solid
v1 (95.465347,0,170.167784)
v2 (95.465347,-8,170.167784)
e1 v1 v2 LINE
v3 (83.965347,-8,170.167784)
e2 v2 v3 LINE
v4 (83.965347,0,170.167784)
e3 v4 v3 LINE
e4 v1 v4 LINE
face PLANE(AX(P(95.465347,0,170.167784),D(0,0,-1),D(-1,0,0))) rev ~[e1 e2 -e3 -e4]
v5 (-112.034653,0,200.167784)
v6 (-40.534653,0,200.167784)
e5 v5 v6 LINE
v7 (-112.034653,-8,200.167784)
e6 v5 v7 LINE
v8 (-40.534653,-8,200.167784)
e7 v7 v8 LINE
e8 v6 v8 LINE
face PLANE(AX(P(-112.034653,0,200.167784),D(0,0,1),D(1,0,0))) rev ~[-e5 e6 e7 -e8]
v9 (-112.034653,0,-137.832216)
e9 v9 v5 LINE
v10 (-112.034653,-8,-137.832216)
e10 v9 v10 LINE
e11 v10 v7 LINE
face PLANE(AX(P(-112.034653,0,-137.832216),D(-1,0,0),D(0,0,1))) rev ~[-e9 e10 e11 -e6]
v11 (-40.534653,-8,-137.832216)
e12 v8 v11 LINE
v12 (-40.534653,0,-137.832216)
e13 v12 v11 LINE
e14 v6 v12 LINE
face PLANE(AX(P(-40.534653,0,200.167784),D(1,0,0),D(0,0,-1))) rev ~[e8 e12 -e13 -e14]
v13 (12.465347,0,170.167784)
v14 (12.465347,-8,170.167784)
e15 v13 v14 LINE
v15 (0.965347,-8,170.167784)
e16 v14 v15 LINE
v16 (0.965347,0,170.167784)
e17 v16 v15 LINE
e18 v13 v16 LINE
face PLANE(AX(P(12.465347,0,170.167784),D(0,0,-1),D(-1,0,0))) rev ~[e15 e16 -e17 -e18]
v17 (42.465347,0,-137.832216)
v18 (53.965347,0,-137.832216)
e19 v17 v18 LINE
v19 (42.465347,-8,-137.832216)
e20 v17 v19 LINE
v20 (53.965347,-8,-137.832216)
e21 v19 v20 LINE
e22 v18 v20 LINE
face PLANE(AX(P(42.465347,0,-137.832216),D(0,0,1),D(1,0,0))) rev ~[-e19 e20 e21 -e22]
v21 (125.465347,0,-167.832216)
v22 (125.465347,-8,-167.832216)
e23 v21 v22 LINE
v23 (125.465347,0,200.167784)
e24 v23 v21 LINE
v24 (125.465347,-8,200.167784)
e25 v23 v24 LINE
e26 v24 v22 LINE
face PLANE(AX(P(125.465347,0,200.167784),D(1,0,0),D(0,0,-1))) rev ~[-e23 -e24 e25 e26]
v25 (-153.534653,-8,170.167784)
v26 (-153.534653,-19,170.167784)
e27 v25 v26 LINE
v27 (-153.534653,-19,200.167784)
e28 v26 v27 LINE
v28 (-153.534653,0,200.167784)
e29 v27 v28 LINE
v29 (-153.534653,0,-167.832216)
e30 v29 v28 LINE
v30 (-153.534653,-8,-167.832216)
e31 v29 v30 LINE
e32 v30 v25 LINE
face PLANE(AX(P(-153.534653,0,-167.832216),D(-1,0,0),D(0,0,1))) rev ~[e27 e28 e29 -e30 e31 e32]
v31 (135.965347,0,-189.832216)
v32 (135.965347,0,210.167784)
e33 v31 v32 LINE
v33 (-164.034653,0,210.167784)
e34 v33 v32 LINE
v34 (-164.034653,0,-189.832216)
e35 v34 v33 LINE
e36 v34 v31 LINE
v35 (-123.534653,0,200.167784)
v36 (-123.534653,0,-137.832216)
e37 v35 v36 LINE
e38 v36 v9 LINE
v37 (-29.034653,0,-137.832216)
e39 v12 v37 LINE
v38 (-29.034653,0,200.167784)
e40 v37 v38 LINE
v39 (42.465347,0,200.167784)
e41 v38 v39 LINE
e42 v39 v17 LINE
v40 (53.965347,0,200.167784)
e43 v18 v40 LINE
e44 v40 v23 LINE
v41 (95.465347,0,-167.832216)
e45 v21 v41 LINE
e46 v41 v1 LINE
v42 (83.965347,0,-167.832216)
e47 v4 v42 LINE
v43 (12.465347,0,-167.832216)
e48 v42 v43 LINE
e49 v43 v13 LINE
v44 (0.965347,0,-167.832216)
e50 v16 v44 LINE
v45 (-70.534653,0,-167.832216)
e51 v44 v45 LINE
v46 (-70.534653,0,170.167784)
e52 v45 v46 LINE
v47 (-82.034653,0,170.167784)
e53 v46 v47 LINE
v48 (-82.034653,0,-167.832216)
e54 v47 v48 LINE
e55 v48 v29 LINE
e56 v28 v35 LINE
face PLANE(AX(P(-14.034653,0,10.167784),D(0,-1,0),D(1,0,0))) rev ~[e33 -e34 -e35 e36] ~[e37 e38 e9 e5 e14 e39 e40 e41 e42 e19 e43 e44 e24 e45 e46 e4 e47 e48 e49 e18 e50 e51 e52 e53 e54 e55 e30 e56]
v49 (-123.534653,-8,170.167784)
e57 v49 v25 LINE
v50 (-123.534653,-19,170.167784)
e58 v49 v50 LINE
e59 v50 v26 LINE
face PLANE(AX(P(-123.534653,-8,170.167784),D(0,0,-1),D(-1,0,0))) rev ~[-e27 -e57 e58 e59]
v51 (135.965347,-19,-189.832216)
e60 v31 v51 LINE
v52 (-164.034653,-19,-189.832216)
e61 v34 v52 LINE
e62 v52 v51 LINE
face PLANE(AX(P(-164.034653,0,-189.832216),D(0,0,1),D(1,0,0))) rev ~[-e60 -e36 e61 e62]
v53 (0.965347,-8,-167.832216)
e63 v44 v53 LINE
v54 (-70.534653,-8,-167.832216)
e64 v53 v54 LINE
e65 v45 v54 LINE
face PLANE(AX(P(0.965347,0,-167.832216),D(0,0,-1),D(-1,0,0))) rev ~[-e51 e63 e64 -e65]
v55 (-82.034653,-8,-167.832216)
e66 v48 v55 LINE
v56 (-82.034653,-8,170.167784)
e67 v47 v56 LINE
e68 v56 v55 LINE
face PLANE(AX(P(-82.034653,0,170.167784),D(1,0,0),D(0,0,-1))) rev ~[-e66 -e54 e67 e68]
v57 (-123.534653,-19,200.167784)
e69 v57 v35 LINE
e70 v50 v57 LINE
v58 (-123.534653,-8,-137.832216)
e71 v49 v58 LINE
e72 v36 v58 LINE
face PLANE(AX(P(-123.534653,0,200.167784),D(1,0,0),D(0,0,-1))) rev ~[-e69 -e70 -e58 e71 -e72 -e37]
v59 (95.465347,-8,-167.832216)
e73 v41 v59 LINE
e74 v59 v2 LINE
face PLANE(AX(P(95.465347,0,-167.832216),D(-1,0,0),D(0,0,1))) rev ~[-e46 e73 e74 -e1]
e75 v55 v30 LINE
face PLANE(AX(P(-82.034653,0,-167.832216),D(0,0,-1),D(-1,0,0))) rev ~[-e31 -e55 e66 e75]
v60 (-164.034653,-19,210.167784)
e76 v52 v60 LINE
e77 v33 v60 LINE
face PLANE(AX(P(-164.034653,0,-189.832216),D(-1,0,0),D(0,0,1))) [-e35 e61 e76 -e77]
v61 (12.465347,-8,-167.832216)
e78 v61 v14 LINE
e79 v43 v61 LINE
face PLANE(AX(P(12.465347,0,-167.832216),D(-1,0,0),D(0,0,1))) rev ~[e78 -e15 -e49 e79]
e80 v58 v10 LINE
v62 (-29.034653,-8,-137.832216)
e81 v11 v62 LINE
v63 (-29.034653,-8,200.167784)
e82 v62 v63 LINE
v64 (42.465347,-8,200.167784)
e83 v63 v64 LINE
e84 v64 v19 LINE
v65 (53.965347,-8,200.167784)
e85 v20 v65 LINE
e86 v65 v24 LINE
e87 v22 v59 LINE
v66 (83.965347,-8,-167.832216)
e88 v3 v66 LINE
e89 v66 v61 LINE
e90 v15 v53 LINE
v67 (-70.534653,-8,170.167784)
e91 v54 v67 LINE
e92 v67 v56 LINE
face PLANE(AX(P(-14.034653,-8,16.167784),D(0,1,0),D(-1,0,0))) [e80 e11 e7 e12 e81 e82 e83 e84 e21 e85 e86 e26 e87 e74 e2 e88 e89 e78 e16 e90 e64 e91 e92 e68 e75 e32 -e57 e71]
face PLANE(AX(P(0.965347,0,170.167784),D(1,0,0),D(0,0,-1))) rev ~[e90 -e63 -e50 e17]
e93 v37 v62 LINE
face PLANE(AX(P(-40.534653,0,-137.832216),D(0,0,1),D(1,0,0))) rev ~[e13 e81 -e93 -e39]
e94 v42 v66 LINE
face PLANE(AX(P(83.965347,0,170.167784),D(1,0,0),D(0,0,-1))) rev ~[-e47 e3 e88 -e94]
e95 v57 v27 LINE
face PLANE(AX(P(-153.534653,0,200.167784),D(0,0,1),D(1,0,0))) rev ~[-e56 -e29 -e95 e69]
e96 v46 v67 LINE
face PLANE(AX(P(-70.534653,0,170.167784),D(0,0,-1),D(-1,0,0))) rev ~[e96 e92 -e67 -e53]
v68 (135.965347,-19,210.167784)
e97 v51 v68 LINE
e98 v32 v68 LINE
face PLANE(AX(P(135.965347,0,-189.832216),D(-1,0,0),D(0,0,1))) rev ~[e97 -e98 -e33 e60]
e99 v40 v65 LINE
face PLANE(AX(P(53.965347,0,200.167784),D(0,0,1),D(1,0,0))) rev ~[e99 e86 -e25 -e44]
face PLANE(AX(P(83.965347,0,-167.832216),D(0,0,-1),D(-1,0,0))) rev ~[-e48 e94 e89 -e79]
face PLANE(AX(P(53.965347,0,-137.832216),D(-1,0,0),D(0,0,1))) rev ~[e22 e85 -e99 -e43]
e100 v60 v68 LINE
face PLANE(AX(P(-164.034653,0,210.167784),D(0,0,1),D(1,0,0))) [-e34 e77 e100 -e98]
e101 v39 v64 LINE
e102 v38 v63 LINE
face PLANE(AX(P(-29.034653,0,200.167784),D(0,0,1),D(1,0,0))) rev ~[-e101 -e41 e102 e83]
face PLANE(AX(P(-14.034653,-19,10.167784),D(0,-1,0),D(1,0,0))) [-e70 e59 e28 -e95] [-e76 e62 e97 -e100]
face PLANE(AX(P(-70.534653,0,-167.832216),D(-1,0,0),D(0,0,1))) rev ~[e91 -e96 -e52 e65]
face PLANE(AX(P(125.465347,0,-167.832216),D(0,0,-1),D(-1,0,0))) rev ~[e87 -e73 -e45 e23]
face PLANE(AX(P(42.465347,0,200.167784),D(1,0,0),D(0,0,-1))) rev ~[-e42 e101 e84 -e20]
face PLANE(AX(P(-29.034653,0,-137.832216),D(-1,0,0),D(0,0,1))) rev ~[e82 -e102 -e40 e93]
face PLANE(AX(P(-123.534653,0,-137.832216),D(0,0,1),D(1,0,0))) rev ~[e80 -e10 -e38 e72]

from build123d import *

# Parameters (mm, degrees)
F0_W     = 300
F0_H     = 400
F1_DEPTH = 19
F3_DEPTH = 8
F4_W     = 30
F4_H     = 30
F5_DEPTH = 11


with BuildPart() as f1:
    # F0 (on Front) → F1 (new body)
    with BuildSketch(Plane.XZ):
        with Locations((-14.034653, 10.167784)):
            Rectangle(F0_W, F0_H)
    extrude(amount=F1_DEPTH)

    # F2 (on face) → F3 (cut)
    with BuildSketch(Plane(origin=(0, 0, 0), x_dir=(-1, 0, 0), z_dir=(0, 1, 0))):
        Polygon((-125.465347, 200.167784), (-125.465347, -167.832216), (-95.465347, -167.832216), (-95.465347, 170.167784), (-83.965347, 170.167784), (-83.965347, -167.832216), (-12.465347, -167.832216), (-12.465347, 170.167784), (-0.965347, 170.167784), (-0.965347, -167.832216), (70.534653, -167.832216), (70.534653, 170.167784), (82.034653, 170.167784), (82.034653, -167.832216), (153.534653, -167.832216), (153.534653, 200.167784), (123.534653, 200.167784), (123.534653, -137.832216), (112.034653, -137.832216), (112.034653, 200.167784), (40.534653, 200.167784), (40.534653, -137.832216), (29.034653, -137.832216), (29.034653, 200.167784), (-42.465347, 200.167784), (-42.465347, -137.832216), (-53.965347, -137.832216), (-53.965347, 200.167784), align=None)
    extrude(amount=-F3_DEPTH, mode=Mode.SUBTRACT)

    # F4 (on face) → F5 (cut)
    with BuildSketch(Plane(origin=(0, -8, 0), x_dir=(-1, 0, 0), z_dir=(0, 1, 0))):
        with Locations((138.534653, 185.167784)):
            Rectangle(F4_W, F4_H)
    extrude(amount=-F5_DEPTH, mode=Mode.SUBTRACT)


solid = f1.part
